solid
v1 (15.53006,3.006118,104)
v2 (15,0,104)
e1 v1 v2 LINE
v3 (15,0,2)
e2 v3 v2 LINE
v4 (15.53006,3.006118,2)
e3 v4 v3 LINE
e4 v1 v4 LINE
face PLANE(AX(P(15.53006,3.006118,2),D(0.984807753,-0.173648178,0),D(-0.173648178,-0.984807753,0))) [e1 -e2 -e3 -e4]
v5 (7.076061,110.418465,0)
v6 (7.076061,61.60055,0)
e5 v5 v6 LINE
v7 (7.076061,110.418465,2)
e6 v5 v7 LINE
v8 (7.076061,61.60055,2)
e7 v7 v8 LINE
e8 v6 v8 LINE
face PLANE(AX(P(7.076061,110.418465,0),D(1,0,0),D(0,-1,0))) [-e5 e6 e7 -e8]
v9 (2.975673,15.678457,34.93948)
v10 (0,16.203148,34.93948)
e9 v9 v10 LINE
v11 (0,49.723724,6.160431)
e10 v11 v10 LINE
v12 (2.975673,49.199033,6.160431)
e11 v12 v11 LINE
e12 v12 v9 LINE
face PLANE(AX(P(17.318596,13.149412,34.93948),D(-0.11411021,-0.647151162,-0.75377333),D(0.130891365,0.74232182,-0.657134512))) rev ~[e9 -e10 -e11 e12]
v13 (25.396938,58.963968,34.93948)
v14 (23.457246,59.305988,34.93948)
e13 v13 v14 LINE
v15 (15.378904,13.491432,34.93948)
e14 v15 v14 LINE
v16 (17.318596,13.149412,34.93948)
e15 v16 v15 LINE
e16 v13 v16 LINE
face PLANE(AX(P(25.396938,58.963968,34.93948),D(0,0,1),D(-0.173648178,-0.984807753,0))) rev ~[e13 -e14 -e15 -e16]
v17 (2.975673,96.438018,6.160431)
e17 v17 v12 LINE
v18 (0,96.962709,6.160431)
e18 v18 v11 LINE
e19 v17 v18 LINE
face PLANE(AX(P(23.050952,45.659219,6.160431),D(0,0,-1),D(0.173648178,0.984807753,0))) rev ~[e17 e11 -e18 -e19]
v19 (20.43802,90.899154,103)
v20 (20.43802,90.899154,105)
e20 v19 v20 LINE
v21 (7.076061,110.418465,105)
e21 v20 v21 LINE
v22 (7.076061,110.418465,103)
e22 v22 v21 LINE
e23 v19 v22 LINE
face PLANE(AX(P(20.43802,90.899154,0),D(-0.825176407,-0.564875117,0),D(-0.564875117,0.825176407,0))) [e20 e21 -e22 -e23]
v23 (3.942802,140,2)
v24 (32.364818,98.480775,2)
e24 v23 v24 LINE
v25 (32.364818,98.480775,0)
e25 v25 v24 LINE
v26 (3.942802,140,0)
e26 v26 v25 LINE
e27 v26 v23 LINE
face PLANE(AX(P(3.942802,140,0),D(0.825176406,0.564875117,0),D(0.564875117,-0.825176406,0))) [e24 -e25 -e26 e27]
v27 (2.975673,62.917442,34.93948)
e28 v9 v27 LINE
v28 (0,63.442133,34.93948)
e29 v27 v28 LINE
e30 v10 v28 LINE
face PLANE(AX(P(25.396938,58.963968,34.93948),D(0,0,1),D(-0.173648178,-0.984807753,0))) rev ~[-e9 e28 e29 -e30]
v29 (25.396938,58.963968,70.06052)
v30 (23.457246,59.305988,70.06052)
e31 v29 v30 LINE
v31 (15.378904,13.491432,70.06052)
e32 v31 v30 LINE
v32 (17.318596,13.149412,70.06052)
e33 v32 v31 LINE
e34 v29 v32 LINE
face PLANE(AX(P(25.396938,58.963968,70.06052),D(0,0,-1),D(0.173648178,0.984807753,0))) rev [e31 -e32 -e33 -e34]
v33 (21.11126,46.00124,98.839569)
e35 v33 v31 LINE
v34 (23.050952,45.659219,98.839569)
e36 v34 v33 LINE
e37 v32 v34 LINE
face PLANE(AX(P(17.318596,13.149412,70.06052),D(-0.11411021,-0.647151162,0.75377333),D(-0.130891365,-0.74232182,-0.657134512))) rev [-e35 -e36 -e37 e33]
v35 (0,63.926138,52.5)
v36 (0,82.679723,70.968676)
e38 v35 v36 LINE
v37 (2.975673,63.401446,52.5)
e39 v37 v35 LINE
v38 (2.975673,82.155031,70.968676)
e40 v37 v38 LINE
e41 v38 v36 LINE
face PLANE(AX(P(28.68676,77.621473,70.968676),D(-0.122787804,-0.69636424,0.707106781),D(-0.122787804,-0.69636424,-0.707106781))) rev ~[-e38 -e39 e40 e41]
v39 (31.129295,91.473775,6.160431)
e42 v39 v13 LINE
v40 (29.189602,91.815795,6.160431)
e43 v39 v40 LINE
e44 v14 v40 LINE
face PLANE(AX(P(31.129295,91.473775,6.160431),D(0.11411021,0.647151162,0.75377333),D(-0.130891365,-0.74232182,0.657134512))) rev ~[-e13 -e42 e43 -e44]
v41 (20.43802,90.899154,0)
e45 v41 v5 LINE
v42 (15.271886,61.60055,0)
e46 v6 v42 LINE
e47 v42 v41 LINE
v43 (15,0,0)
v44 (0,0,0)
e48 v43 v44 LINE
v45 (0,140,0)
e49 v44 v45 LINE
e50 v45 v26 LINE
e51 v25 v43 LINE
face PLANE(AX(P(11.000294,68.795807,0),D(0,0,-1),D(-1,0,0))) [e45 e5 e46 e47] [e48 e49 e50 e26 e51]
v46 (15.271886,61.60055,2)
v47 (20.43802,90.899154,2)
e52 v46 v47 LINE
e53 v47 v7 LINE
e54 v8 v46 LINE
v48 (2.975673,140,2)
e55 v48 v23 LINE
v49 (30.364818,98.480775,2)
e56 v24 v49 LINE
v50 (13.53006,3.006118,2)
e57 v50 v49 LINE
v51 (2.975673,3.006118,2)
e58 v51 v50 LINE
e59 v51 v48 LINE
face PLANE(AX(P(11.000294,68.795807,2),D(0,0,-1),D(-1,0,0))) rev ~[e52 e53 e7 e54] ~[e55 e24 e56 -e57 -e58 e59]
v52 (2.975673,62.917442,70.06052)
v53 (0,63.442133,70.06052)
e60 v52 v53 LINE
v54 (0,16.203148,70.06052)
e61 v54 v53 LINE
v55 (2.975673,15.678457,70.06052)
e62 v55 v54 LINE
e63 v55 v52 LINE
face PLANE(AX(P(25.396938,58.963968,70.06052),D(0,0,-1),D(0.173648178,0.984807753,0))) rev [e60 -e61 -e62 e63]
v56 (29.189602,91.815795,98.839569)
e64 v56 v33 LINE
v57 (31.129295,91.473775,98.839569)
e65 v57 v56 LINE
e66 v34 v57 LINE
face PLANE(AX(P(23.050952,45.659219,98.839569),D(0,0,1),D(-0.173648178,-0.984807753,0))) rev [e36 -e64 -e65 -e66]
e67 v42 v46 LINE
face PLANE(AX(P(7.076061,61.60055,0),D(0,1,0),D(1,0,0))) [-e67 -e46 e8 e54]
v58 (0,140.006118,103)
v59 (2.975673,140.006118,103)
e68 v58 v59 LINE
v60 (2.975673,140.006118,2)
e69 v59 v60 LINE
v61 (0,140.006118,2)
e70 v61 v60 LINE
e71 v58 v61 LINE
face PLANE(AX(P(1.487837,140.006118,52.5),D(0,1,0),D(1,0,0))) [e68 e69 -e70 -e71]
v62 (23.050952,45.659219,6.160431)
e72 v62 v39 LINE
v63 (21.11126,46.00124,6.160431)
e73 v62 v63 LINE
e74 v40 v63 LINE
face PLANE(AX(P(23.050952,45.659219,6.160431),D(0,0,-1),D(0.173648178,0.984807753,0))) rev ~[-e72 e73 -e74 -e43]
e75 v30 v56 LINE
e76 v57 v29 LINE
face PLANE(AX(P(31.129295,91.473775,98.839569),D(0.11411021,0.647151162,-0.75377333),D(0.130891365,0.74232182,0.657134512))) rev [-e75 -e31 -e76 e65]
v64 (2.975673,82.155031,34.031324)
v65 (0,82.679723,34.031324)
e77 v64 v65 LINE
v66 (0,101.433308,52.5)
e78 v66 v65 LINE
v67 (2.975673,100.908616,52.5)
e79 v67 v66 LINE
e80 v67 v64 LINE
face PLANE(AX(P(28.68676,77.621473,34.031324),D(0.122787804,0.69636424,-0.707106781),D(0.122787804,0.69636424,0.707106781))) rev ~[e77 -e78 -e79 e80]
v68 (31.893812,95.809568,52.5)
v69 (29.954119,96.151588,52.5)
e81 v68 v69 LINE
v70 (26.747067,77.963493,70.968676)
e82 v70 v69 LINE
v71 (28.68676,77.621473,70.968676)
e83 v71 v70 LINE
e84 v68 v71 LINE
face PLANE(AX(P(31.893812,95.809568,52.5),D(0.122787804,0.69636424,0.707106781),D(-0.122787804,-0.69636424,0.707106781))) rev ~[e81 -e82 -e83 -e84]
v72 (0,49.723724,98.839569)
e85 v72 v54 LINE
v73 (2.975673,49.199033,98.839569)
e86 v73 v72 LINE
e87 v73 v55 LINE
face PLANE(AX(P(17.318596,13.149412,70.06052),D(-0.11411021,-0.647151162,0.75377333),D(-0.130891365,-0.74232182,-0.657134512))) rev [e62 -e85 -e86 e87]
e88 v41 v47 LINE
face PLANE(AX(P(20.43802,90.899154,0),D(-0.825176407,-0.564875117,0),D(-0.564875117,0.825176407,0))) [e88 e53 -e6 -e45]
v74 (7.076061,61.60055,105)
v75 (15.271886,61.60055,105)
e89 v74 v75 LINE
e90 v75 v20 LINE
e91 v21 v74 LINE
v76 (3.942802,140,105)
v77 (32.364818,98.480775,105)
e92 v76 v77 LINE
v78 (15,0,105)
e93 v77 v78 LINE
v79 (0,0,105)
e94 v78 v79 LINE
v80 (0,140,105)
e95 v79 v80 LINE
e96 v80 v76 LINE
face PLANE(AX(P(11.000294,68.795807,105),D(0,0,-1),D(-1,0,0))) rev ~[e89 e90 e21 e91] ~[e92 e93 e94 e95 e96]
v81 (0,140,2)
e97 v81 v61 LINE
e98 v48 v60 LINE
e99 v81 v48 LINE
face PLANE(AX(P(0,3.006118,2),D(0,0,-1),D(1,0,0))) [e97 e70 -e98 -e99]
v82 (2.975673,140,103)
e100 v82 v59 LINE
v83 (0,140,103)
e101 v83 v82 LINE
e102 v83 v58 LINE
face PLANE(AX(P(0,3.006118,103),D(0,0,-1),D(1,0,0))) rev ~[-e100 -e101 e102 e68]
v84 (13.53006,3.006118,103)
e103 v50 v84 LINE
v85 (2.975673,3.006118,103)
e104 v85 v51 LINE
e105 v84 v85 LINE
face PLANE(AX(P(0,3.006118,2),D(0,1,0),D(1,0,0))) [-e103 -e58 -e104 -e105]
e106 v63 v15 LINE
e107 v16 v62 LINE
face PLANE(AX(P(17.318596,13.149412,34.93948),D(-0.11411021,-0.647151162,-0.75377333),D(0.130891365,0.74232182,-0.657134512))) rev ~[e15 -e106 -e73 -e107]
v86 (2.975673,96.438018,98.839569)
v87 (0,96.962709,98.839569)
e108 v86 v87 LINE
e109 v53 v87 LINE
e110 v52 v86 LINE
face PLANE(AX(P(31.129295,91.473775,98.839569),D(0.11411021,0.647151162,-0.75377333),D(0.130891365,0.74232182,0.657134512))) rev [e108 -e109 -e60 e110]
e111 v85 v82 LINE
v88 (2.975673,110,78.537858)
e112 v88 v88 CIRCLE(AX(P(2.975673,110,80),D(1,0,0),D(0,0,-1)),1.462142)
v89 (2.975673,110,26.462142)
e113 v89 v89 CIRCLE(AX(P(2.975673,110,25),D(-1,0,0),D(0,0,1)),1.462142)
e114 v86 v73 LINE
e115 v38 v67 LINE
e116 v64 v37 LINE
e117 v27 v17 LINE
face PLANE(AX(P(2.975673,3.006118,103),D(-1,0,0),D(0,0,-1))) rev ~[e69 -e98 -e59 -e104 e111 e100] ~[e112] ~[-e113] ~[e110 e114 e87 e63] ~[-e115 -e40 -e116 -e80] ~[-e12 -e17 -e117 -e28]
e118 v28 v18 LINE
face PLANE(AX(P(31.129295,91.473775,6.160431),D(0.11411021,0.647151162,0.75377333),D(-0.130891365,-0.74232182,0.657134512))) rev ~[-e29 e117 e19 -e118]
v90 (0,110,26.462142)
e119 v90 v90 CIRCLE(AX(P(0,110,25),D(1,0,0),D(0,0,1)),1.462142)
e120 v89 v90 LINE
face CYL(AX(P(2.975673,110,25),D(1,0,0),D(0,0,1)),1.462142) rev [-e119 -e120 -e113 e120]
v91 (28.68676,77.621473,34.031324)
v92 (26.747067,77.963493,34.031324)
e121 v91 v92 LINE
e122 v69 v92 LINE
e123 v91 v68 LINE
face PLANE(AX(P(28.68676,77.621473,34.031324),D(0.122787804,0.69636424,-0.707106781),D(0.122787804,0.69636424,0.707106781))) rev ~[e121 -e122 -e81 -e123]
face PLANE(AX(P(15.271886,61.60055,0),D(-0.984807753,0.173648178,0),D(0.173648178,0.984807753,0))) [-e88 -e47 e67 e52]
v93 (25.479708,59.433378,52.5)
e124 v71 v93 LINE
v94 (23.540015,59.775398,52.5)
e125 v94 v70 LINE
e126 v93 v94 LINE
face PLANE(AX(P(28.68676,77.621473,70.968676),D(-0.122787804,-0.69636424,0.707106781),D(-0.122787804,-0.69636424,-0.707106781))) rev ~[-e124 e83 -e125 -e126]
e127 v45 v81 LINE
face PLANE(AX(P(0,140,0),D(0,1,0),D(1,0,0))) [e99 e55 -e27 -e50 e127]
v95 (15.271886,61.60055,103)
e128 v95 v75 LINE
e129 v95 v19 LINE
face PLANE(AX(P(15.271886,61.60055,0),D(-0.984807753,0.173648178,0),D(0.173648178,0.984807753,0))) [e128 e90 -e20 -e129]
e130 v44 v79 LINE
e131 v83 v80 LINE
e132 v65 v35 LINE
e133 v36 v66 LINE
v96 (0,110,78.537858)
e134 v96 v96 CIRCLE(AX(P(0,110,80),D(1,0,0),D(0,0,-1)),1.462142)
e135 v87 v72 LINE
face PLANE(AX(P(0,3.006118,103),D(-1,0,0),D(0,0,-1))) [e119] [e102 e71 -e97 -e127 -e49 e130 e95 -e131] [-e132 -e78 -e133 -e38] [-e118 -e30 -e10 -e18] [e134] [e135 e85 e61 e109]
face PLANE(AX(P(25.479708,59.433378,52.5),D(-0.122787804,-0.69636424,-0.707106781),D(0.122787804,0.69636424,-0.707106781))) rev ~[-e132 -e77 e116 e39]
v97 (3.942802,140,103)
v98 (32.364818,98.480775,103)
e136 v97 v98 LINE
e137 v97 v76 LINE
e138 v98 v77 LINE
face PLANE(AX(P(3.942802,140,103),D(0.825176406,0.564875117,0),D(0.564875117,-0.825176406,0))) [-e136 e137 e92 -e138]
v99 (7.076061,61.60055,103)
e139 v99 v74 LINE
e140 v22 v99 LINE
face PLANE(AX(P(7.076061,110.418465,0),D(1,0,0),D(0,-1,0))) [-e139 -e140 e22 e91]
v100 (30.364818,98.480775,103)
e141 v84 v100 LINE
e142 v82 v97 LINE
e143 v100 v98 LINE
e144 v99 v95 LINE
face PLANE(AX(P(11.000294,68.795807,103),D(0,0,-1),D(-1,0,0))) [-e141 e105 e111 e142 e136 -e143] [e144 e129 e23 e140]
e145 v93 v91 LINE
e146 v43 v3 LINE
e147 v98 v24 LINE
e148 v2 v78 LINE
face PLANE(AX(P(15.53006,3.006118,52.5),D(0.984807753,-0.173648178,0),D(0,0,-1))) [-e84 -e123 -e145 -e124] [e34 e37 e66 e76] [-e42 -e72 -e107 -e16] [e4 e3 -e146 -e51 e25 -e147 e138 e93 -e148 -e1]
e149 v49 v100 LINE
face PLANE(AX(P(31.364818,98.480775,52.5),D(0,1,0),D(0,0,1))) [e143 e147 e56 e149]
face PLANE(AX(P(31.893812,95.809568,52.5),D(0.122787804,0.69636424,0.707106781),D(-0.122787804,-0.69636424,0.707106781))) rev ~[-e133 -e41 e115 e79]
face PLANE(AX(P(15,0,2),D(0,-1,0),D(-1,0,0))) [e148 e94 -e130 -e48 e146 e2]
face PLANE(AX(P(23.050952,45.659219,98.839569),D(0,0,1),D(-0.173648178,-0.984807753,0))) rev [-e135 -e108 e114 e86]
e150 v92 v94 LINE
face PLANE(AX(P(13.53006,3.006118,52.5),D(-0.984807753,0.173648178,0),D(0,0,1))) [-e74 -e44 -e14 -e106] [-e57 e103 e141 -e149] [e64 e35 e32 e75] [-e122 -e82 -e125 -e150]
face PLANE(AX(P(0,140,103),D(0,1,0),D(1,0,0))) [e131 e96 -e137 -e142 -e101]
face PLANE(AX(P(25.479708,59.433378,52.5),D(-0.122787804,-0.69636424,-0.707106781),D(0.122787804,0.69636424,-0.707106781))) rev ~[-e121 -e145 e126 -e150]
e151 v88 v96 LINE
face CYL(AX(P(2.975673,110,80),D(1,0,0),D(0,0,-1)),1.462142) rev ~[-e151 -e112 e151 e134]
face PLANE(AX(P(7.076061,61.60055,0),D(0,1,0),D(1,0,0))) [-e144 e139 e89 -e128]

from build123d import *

# Parameters (mm, degrees)
BOSS_EXTRU_1_DEPTH         = 2
BOSS_EXTRU_2_DEPTH         = 102
R_P_TITION_LIN_AIRE1_COUNT = 2
R_P_TITION_LIN_AIRE1_PITCH = 103
ESQUISSE5_W                = 2.97567345
ESQUISSE5_H                = 101
BOSS_EXTRU_3_DEPTH         = 137
ESQUISSE6_W                = 2
ESQUISSE6_H                = 101
ESQUISSE9_R                = 1.462141601
ENL_V_MAT_EXTRU_8_DEPTH    = 10
ENL_V_MAT_EXTRU_10_DEPTH   = 178.957906594
ENL_V_MAT_EXTRU_11_DEPTH   = 178.957906594
ENL_V_MAT_EXTRU_12_DEPTH   = 178.97245401


with BuildPart() as part:
    # Esquisse2 → Boss.-Extru.1 (new body)
    with BuildSketch(Plane.XY):
        Polygon((0, 0), (0, 140), (3.942801894, 140), (32.364817767, 98.480775301), (15, 0), align=None)
    boss_extru_1 = extrude(amount=BOSS_EXTRU_1_DEPTH)

    # Esquisse4 → Boss.-Extru.2 (add)
    with BuildSketch(Plane.XY.offset(2)):
        Polygon((0, 0), (0, 3.006117571), (15.530059635, 3.006117571), (15, 0), align=None)
    extrude(amount=BOSS_EXTRU_2_DEPTH)

    # Répétition linéaire1: Boss.-Extru.1 ×2
    with Locations(*[(0, 0, i * R_P_TITION_LIN_AIRE1_PITCH) for i in range(1, R_P_TITION_LIN_AIRE1_COUNT)]):
        add(boss_extru_1)

    # Esquisse5 → Boss.-Extru.3 (add)
    with BuildSketch(Plane(origin=(0, 3.006117571, 0), x_dir=(1, 0, 0), z_dir=(0, 1, 0))):
        with Locations((1.487836725, -52.5)):
            Rectangle(ESQUISSE5_W, ESQUISSE5_H)
    extrude(amount=BOSS_EXTRU_3_DEPTH)

    # Balayage1: sweep along a curve in space
    with BuildLine() as balayage1_path:
        Line((15.530059635, 3.006117571, 103), (32.364817767, 98.480775301, 103))
    # Esquisse6 → Balayage1 (sweep)
    with BuildSketch(Plane(origin=(0, 3.006117571, 0), x_dir=(1, 0, 0), z_dir=(0, 1, 0))):
        with Locations((14.530059635, -52.5)):
            Rectangle(ESQUISSE6_W, ESQUISSE6_H)
    sweep(path=balayage1_path.line)

    # Esquisse9 → Enlèv. mat.-Extru.8 (cut)
    with BuildSketch(Plane(origin=(2.97567345, 0, 0), x_dir=(0, 0, -1), z_dir=(1, 0, 0))):
        with Locations((-80, 110)):
            Circle(ESQUISSE9_R)
    enl_v_mat_extru_8 = extrude(amount=-ENL_V_MAT_EXTRU_8_DEPTH, mode=Mode.SUBTRACT)

    # Symétrie3: Enlèv. mat.-Extru.8 across plane
    add(enl_v_mat_extru_8.mirror(Plane.XY.offset(52.5)), mode=Mode.SUBTRACT)

    # Esquisse11 → Enlèv. mat.-Extru.10 (cut, through all)
    with BuildSketch(Plane(origin=(14.547694656, -2.565151075, 0), x_dir=(0, 0, -1), z_dir=(0.9848077530122089, -0.17364817766692642, 0))):
        Polygon((-6.160430803, 48.968309083), (-6.160430803, 95.489627834), (-34.939480046, 62.478304571), (-34.939480046, 15.95698582), align=None)
    enl_v_mat_extru_10 = extrude(amount=-ENL_V_MAT_EXTRU_10_DEPTH, mode=Mode.SUBTRACT)

    # Symétrie4: Enlèv. mat.-Extru.10 across plane
    add(enl_v_mat_extru_10.mirror(Plane.XY.offset(52.5)), mode=Mode.SUBTRACT)

    # Esquisse13 → Enlèv. mat.-Extru.11 (cut, through all)
    with BuildSketch(Plane(origin=(14.547694656, -2.565151075, 0), x_dir=(0, 0, -1), z_dir=(0.9848077530122089, -0.17364817766692642, 0))):
        Polygon((-70.968675793, 81.423632051), (-52.5, 62.954956258), (-34.031324207, 81.423632051), (-52.5, 99.892307844), align=None)
    extrude(amount=-ENL_V_MAT_EXTRU_11_DEPTH, mode=Mode.SUBTRACT)

    # Esquisse14 → Enlèv. mat.-Extru.12 (cut, through all)
    with BuildSketch(Plane(origin=(0, 0, 0), x_dir=(-1, 0, 0), z_dir=(0, 0, -1))):
        Polygon((-7.076060975, 110.418465172), (-7.076060975, 61.600550279), (-15.271885521, 61.600550279), (-20.438019848, 90.899153967), align=None)
    extrude(amount=-ENL_V_MAT_EXTRU_12_DEPTH, mode=Mode.SUBTRACT)


solid = part.part
